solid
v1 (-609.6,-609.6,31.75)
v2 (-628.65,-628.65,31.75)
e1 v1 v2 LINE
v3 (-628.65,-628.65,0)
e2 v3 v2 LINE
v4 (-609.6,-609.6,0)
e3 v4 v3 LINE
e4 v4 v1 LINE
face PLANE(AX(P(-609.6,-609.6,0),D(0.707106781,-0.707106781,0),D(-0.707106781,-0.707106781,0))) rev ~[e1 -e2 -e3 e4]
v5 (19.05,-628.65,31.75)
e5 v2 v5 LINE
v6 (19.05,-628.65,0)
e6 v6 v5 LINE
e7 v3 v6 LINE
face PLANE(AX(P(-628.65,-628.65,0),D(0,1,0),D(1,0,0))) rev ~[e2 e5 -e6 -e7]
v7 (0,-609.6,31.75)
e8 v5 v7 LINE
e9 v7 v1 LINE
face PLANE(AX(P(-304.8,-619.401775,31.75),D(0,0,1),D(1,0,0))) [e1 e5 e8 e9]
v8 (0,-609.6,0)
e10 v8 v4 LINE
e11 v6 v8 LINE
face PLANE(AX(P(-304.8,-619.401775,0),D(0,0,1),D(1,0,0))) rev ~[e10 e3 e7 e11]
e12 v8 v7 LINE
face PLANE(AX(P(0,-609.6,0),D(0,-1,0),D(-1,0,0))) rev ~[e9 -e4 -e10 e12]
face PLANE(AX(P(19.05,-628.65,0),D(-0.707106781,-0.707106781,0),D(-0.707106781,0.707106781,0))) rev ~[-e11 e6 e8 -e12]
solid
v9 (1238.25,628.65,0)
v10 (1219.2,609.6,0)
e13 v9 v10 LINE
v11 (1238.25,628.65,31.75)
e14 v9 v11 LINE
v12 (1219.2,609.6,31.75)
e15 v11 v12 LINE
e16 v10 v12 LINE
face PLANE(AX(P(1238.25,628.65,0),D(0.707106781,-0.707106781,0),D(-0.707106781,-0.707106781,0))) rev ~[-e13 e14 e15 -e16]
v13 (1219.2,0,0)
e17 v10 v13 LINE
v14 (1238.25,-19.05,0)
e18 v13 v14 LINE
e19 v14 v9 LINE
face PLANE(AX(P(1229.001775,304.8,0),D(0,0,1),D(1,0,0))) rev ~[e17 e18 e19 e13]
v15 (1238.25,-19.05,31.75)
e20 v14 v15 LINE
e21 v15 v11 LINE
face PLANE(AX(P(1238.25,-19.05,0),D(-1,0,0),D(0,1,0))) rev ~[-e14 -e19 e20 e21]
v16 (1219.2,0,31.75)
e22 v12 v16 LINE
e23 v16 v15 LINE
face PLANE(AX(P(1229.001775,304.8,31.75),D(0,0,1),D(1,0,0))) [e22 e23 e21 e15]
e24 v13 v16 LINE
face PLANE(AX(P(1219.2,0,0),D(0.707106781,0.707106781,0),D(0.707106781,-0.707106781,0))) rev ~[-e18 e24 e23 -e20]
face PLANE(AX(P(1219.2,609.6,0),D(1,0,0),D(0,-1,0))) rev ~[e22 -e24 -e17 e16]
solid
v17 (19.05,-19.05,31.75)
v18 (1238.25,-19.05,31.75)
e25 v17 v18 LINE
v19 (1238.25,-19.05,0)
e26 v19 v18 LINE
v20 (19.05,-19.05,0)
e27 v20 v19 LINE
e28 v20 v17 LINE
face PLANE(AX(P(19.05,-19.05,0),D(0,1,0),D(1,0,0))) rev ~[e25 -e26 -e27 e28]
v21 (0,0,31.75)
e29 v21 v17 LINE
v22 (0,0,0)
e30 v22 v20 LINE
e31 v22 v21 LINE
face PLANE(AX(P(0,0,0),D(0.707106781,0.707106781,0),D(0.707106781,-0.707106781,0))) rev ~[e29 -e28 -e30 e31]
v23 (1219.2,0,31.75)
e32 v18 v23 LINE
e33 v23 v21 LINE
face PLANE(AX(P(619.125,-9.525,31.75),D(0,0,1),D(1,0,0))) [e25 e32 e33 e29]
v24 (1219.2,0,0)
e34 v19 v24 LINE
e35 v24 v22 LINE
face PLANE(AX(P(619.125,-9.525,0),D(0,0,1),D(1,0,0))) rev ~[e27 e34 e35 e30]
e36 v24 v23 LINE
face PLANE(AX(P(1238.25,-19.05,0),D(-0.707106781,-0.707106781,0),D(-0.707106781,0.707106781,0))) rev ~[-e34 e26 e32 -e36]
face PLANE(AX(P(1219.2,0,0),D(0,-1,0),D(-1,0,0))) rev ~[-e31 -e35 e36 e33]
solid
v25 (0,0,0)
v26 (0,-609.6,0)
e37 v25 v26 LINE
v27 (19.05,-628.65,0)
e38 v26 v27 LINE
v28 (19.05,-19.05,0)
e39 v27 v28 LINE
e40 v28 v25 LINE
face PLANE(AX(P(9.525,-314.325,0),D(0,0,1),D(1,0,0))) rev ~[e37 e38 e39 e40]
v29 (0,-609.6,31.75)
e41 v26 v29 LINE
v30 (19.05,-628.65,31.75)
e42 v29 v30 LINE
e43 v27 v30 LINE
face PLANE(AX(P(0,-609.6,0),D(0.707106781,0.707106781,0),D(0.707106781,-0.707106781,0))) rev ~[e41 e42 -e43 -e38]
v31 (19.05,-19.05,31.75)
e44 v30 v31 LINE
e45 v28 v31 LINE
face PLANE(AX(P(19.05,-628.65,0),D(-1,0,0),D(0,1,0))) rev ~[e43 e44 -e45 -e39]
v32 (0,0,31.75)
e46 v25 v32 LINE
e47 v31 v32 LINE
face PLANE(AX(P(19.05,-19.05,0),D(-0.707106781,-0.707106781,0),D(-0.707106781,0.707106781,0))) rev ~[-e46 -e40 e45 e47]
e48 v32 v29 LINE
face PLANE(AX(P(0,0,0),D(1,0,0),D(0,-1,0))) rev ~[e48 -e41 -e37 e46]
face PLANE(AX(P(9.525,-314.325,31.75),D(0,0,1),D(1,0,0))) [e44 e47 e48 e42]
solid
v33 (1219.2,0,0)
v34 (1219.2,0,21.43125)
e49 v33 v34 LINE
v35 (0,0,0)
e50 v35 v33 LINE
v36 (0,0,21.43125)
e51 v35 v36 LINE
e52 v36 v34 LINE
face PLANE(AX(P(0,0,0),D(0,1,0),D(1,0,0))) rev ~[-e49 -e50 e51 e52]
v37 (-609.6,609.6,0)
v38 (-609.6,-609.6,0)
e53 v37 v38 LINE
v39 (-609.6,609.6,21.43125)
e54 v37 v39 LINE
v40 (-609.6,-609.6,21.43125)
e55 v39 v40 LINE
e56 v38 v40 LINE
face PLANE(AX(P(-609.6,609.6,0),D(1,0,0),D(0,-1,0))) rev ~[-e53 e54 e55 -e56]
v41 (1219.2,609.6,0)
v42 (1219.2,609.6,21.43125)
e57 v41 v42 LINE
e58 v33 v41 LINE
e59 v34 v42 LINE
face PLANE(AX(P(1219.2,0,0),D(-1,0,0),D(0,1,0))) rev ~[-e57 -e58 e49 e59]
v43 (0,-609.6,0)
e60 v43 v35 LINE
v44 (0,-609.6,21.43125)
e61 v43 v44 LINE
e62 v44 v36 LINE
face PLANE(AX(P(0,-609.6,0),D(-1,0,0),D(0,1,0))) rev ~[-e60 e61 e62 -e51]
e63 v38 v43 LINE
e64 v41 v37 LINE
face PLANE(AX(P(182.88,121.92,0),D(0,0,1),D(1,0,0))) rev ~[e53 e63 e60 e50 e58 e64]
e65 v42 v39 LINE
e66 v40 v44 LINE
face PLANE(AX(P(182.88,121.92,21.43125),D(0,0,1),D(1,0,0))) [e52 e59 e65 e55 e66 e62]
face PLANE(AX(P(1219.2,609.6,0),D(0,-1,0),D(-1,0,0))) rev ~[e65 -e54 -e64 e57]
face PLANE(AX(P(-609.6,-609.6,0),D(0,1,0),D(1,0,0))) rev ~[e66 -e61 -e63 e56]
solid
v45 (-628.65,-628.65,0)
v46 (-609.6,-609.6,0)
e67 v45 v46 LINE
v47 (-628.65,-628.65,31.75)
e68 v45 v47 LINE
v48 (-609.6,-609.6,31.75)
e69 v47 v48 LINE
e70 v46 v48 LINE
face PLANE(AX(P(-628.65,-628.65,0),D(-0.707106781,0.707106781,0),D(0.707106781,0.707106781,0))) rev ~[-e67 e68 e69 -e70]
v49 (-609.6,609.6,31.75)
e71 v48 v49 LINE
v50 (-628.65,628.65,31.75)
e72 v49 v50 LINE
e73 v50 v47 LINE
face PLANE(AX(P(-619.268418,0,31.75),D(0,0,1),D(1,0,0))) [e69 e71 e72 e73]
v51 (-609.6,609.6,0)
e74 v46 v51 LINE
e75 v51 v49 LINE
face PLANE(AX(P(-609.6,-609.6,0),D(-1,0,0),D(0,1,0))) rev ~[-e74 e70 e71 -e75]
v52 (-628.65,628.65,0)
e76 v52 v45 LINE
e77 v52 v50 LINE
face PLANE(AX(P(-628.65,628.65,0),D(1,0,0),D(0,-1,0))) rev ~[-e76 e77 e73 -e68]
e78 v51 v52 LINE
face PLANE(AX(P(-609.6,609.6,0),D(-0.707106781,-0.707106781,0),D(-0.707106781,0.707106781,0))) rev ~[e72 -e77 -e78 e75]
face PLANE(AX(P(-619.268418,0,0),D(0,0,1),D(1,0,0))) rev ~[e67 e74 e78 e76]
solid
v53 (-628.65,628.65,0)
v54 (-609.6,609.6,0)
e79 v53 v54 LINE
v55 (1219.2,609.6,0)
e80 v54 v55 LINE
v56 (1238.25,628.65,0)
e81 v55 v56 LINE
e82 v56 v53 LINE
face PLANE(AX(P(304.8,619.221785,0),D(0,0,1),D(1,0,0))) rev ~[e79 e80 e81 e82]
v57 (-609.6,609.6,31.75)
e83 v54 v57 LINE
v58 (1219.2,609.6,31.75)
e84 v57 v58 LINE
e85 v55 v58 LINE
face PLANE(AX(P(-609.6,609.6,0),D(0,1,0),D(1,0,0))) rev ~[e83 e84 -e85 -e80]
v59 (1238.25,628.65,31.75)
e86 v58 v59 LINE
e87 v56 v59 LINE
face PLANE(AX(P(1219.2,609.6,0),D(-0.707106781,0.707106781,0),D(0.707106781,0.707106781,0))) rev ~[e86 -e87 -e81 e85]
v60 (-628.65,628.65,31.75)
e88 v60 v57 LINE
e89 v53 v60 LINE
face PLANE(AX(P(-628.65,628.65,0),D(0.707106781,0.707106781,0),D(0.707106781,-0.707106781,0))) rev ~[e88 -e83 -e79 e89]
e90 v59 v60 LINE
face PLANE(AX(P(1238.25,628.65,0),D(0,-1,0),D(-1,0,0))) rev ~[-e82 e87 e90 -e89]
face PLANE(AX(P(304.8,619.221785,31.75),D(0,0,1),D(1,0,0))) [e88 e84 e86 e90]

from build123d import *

# Parameters (mm, degrees)
F1_DEPTH = 21.43125
F2_DEPTH = 31.75
F3_DEPTH = 31.75
F4_DEPTH = 31.75
F5_DEPTH = 31.75
F6_DEPTH = 31.75
F7_DEPTH = 31.75


with BuildPart() as f1:
    # F0 (on Top) → F1 (new body)
    with BuildSketch(Plane.XY):
        Polygon((-609.6, 609.6), (-609.6, -609.6), (0, -609.6), (0, 0), (1219.2, 0), (1219.2, 609.6), align=None)
    extrude(amount=F1_DEPTH)


with BuildPart() as f2:
    # F0 (on Top) → F2 (new body)
    with BuildSketch(Plane.XY):
        Polygon((-628.65, -628.65), (-609.6, -609.6), (-609.6, 609.6), (-628.65, 628.65), align=None)
    extrude(amount=F2_DEPTH)


with BuildPart() as f3:
    # F0 (on Top) → F3 (new body)
    with BuildSketch(Plane.XY):
        Polygon((0, -609.6), (-609.6, -609.6), (-628.65, -628.65), (19.05, -628.65), align=None)
    extrude(amount=F3_DEPTH)


with BuildPart() as f4:
    # F0 (on Top) → F4 (new body)
    with BuildSketch(Plane.XY):
        Polygon((0, 0), (0, -609.6), (19.05, -628.65), (19.05, -19.05), align=None)
    extrude(amount=F4_DEPTH)


with BuildPart() as f5:
    # F0 (on Top) → F5 (new body)
    with BuildSketch(Plane.XY):
        Polygon((1219.2, 0), (0, 0), (19.05, -19.05), (1238.25, -19.05), align=None)
    extrude(amount=F5_DEPTH)


with BuildPart() as f6:
    # F0 (on Top) → F6 (new body)
    with BuildSketch(Plane.XY):
        Polygon((1238.25, 628.65), (1219.2, 609.6), (1219.2, 0), (1238.25, -19.05), align=None)
    extrude(amount=F6_DEPTH)


with BuildPart() as f7:
    # F0 (on Top) → F7 (new body)
    with BuildSketch(Plane.XY):
        Polygon((-628.65, 628.65), (-609.6, 609.6), (1219.2, 609.6), (1238.25, 628.65), align=None)
    extrude(amount=F7_DEPTH)


solid = Compound([f1.part, f2.part, f3.part, f4.part, f5.part, f6.part, f7.part])
